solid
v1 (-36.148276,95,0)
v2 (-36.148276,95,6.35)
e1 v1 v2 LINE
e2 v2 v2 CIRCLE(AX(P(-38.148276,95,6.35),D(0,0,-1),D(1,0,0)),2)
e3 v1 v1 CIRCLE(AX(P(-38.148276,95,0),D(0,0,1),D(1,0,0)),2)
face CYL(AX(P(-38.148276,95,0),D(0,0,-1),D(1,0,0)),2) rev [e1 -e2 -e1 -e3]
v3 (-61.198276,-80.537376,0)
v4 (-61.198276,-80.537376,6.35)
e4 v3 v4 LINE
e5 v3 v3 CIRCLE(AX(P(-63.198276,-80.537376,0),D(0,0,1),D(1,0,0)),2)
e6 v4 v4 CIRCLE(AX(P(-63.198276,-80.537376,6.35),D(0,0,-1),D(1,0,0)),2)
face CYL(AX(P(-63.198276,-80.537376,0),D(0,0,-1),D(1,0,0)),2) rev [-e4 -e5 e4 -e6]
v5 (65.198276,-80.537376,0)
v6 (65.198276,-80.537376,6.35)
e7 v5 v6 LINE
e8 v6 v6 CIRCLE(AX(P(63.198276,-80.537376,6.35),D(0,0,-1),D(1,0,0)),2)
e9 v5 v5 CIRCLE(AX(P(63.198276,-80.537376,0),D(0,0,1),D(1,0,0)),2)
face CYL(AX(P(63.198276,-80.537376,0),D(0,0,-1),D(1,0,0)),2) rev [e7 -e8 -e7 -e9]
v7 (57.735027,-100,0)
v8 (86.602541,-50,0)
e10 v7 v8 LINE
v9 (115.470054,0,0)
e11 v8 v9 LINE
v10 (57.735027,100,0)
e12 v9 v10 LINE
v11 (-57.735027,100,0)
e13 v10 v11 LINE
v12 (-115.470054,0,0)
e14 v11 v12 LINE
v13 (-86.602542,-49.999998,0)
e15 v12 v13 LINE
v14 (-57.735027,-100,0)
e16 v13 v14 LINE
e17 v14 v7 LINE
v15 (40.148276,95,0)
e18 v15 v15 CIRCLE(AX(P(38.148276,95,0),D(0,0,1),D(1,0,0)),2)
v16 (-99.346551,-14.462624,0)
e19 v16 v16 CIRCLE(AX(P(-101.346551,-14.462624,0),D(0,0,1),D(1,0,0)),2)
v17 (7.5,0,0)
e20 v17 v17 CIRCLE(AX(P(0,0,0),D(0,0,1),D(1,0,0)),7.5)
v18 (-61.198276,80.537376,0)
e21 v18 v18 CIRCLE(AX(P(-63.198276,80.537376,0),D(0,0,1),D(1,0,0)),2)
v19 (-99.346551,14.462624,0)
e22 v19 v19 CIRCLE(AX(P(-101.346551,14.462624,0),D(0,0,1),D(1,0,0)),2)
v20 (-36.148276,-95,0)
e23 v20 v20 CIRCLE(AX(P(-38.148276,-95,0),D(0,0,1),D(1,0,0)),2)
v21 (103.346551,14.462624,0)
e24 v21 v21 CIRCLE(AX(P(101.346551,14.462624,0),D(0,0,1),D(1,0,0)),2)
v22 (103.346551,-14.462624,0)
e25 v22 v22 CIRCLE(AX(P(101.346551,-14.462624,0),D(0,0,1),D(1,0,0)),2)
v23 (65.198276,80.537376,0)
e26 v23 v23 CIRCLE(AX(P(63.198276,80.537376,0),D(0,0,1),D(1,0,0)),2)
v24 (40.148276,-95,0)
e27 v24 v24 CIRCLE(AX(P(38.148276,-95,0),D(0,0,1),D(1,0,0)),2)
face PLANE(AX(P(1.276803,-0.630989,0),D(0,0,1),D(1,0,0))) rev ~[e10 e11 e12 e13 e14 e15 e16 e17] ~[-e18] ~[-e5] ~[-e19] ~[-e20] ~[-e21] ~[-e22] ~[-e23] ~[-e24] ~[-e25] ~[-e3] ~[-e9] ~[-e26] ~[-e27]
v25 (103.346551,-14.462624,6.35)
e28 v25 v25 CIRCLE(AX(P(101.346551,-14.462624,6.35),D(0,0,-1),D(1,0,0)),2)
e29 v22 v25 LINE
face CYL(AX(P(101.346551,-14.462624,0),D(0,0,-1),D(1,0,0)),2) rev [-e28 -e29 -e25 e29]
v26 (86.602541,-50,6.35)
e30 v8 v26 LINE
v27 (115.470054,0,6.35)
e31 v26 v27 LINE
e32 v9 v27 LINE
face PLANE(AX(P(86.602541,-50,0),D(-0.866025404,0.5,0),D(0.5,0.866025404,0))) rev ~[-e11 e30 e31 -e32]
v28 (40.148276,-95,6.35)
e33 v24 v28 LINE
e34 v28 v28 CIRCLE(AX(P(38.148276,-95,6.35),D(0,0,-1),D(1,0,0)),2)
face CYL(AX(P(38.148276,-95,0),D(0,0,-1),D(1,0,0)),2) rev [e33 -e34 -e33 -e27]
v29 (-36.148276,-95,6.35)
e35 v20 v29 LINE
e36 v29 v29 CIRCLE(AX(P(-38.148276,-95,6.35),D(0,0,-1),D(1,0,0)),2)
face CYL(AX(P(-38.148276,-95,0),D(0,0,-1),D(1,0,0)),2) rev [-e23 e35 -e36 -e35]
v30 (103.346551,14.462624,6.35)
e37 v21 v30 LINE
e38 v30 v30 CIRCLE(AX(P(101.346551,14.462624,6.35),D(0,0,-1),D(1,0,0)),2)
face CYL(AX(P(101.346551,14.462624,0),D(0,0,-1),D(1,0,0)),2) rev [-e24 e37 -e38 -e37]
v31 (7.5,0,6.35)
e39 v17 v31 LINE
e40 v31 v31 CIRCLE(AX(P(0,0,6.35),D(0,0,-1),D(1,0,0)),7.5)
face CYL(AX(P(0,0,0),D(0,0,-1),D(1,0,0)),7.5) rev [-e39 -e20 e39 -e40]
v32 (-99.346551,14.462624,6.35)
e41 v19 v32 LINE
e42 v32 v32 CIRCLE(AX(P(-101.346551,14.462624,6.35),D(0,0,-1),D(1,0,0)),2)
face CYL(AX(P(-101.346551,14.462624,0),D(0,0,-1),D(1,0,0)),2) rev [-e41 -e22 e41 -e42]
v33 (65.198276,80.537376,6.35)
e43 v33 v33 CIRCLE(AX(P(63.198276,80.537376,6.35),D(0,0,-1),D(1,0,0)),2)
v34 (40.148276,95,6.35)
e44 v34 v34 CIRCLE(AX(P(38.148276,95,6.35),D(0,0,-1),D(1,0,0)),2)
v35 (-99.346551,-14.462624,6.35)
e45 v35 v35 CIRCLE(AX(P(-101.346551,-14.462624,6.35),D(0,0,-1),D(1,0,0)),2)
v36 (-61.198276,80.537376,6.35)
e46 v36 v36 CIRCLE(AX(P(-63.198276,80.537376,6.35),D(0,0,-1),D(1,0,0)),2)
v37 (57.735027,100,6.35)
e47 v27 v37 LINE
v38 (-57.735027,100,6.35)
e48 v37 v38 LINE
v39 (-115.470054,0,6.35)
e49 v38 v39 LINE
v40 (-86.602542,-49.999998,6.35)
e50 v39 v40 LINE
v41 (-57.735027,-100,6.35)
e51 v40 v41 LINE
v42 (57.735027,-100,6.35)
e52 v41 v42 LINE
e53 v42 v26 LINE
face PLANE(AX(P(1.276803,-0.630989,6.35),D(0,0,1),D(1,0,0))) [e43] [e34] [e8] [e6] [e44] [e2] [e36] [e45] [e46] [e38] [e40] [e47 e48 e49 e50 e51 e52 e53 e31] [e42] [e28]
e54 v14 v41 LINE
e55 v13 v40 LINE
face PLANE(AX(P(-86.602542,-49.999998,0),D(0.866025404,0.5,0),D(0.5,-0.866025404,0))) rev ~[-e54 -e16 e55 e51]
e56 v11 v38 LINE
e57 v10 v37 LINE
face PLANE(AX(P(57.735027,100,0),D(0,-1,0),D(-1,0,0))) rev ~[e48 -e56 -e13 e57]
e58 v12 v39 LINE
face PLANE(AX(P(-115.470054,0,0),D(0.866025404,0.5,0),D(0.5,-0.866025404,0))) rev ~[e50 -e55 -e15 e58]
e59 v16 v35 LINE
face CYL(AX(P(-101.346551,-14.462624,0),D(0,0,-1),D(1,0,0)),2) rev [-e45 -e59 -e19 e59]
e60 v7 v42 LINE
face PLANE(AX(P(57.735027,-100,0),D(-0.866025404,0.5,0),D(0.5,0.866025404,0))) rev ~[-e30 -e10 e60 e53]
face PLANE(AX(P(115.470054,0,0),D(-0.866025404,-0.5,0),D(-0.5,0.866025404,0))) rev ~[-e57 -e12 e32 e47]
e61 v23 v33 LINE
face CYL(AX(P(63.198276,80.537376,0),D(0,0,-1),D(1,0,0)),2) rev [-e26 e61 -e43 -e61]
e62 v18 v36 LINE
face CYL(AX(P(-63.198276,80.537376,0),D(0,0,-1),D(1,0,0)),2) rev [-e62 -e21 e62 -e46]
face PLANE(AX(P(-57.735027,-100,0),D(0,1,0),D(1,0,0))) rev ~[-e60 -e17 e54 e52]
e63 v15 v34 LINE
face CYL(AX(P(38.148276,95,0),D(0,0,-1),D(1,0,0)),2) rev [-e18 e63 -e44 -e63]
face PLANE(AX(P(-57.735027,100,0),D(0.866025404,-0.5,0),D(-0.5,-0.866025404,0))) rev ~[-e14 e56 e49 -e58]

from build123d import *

# Parameters (mm, degrees)
F1_DEPTH = 6.35
F2_R     = 2
F3_DEPTH = 20000
F4_R     = 7.5
F5_DEPTH = 55.3


with BuildPart() as f1:
    # F0 (on Top) → F1 (new body)
    with BuildSketch(Plane.XY):
        with BuildLine():
            ThreePointArc((86.6025406101, -49.9999995987), (96.5925826889, -25.8819042865), (100, 0))
            ThreePointArc((100, 0), (96.5925827815, 25.8819039408), (86.602540968, 49.9999989789))
            ThreePointArc((86.602540968, 49.9999989789), (50.0000005105, 86.6025400837), (0, 100))
            ThreePointArc((0, 100), (-50.0000005105, 86.6025400837), (-86.602540968, 49.9999989789))
            ThreePointArc((-86.602540968, 49.9999989789), (-100, 8.447e-07), (-86.6025418126, -49.9999975159))
            ThreePointArc((-86.6025418126, -49.9999975159), (-50.000001242, -86.6025396613), (0, -100))
            ThreePointArc((0, -100), (50.0000002007, -86.6025402626), (86.6025406101, -49.9999995987))
        make_face()
        with BuildLine():
            ThreePointArc((86.602540968, 49.9999989789), (96.5925827815, 25.8819039408), (100, 0))
            ThreePointArc((100, 0), (96.5925826889, -25.8819042865), (86.6025406101, -49.9999995987))
            Line((86.6025406101, -49.9999995987), (115.4700538379, 0))
            Line((115.4700538379, 0), (86.602540968, 49.9999989789))
        make_face()
        with BuildLine():
            ThreePointArc((0, 100), (50.0000005105, 86.6025400837), (86.602540968, 49.9999989789))
            Line((86.602540968, 49.9999989789), (57.735026919, 100))
            Line((57.735026919, 100), (0, 100))
        make_face()
        with BuildLine():
            Line((57.735026919, -100), (86.6025406101, -49.9999995987))
            ThreePointArc((86.6025406101, -49.9999995987), (50.0000002007, -86.6025402626), (0, -100))
            Line((0, -100), (57.735026919, -100))
        make_face()
        with BuildLine():
            ThreePointArc((-86.602540968, 49.9999989789), (-50.0000005105, 86.6025400837), (0, 100))
            Line((0, 100), (-57.735026919, 100))
            Line((-57.735026919, 100), (-86.602540968, 49.9999989789))
        make_face()
        with BuildLine():
            Line((-57.735026919, -100), (0, -100))
            ThreePointArc((0, -100), (-50.000001242, -86.6025396613), (-86.6025418126, -49.9999975159))
            Line((-86.6025418126, -49.9999975159), (-57.735026919, -100))
        make_face()
        with BuildLine():
            ThreePointArc((-86.6025418126, -49.9999975159), (-100, 8.447e-07), (-86.602540968, 49.9999989789))
            Line((-86.602540968, 49.9999989789), (-115.4700538379, 0))
            Line((-115.4700538379, 0), (-86.6025418126, -49.9999975159))
        make_face()
    extrude(amount=F1_DEPTH)

    # F2 (on Top) → F3 (cut)
    with BuildSketch(Plane.XY):
        with Locations((38.148275573, 95)):
            Circle(F2_R)
        with Locations((-38.148275573, 95)):
            Circle(F2_R)
        with Locations((-63.198275573, 80.5373757568)):
            Circle(F2_R)
        with Locations((-101.346551146, 14.4626242432)):
            Circle(F2_R)
        with Locations((-101.346551146, -14.4626242432)):
            Circle(F2_R)
        with Locations((-63.198275573, -80.5373757568)):
            Circle(F2_R)
        with Locations((-38.148275573, -95)):
            Circle(F2_R)
        with Locations((38.148275573, -95)):
            Circle(F2_R)
        with Locations((63.198275573, -80.5373757568)):
            Circle(F2_R)
        with Locations((101.346551146, -14.4626242432)):
            Circle(F2_R)
        with Locations((101.346551146, 14.4626242432)):
            Circle(F2_R)
        with Locations((63.198275573, 80.5373757568)):
            Circle(F2_R)
    extrude(amount=F3_DEPTH, mode=Mode.SUBTRACT)

    # F4 (on Top) → F5 (cut)
    with BuildSketch(Plane.XY):
        Circle(F4_R)
    extrude(amount=F5_DEPTH, mode=Mode.SUBTRACT)


solid = f1.part
